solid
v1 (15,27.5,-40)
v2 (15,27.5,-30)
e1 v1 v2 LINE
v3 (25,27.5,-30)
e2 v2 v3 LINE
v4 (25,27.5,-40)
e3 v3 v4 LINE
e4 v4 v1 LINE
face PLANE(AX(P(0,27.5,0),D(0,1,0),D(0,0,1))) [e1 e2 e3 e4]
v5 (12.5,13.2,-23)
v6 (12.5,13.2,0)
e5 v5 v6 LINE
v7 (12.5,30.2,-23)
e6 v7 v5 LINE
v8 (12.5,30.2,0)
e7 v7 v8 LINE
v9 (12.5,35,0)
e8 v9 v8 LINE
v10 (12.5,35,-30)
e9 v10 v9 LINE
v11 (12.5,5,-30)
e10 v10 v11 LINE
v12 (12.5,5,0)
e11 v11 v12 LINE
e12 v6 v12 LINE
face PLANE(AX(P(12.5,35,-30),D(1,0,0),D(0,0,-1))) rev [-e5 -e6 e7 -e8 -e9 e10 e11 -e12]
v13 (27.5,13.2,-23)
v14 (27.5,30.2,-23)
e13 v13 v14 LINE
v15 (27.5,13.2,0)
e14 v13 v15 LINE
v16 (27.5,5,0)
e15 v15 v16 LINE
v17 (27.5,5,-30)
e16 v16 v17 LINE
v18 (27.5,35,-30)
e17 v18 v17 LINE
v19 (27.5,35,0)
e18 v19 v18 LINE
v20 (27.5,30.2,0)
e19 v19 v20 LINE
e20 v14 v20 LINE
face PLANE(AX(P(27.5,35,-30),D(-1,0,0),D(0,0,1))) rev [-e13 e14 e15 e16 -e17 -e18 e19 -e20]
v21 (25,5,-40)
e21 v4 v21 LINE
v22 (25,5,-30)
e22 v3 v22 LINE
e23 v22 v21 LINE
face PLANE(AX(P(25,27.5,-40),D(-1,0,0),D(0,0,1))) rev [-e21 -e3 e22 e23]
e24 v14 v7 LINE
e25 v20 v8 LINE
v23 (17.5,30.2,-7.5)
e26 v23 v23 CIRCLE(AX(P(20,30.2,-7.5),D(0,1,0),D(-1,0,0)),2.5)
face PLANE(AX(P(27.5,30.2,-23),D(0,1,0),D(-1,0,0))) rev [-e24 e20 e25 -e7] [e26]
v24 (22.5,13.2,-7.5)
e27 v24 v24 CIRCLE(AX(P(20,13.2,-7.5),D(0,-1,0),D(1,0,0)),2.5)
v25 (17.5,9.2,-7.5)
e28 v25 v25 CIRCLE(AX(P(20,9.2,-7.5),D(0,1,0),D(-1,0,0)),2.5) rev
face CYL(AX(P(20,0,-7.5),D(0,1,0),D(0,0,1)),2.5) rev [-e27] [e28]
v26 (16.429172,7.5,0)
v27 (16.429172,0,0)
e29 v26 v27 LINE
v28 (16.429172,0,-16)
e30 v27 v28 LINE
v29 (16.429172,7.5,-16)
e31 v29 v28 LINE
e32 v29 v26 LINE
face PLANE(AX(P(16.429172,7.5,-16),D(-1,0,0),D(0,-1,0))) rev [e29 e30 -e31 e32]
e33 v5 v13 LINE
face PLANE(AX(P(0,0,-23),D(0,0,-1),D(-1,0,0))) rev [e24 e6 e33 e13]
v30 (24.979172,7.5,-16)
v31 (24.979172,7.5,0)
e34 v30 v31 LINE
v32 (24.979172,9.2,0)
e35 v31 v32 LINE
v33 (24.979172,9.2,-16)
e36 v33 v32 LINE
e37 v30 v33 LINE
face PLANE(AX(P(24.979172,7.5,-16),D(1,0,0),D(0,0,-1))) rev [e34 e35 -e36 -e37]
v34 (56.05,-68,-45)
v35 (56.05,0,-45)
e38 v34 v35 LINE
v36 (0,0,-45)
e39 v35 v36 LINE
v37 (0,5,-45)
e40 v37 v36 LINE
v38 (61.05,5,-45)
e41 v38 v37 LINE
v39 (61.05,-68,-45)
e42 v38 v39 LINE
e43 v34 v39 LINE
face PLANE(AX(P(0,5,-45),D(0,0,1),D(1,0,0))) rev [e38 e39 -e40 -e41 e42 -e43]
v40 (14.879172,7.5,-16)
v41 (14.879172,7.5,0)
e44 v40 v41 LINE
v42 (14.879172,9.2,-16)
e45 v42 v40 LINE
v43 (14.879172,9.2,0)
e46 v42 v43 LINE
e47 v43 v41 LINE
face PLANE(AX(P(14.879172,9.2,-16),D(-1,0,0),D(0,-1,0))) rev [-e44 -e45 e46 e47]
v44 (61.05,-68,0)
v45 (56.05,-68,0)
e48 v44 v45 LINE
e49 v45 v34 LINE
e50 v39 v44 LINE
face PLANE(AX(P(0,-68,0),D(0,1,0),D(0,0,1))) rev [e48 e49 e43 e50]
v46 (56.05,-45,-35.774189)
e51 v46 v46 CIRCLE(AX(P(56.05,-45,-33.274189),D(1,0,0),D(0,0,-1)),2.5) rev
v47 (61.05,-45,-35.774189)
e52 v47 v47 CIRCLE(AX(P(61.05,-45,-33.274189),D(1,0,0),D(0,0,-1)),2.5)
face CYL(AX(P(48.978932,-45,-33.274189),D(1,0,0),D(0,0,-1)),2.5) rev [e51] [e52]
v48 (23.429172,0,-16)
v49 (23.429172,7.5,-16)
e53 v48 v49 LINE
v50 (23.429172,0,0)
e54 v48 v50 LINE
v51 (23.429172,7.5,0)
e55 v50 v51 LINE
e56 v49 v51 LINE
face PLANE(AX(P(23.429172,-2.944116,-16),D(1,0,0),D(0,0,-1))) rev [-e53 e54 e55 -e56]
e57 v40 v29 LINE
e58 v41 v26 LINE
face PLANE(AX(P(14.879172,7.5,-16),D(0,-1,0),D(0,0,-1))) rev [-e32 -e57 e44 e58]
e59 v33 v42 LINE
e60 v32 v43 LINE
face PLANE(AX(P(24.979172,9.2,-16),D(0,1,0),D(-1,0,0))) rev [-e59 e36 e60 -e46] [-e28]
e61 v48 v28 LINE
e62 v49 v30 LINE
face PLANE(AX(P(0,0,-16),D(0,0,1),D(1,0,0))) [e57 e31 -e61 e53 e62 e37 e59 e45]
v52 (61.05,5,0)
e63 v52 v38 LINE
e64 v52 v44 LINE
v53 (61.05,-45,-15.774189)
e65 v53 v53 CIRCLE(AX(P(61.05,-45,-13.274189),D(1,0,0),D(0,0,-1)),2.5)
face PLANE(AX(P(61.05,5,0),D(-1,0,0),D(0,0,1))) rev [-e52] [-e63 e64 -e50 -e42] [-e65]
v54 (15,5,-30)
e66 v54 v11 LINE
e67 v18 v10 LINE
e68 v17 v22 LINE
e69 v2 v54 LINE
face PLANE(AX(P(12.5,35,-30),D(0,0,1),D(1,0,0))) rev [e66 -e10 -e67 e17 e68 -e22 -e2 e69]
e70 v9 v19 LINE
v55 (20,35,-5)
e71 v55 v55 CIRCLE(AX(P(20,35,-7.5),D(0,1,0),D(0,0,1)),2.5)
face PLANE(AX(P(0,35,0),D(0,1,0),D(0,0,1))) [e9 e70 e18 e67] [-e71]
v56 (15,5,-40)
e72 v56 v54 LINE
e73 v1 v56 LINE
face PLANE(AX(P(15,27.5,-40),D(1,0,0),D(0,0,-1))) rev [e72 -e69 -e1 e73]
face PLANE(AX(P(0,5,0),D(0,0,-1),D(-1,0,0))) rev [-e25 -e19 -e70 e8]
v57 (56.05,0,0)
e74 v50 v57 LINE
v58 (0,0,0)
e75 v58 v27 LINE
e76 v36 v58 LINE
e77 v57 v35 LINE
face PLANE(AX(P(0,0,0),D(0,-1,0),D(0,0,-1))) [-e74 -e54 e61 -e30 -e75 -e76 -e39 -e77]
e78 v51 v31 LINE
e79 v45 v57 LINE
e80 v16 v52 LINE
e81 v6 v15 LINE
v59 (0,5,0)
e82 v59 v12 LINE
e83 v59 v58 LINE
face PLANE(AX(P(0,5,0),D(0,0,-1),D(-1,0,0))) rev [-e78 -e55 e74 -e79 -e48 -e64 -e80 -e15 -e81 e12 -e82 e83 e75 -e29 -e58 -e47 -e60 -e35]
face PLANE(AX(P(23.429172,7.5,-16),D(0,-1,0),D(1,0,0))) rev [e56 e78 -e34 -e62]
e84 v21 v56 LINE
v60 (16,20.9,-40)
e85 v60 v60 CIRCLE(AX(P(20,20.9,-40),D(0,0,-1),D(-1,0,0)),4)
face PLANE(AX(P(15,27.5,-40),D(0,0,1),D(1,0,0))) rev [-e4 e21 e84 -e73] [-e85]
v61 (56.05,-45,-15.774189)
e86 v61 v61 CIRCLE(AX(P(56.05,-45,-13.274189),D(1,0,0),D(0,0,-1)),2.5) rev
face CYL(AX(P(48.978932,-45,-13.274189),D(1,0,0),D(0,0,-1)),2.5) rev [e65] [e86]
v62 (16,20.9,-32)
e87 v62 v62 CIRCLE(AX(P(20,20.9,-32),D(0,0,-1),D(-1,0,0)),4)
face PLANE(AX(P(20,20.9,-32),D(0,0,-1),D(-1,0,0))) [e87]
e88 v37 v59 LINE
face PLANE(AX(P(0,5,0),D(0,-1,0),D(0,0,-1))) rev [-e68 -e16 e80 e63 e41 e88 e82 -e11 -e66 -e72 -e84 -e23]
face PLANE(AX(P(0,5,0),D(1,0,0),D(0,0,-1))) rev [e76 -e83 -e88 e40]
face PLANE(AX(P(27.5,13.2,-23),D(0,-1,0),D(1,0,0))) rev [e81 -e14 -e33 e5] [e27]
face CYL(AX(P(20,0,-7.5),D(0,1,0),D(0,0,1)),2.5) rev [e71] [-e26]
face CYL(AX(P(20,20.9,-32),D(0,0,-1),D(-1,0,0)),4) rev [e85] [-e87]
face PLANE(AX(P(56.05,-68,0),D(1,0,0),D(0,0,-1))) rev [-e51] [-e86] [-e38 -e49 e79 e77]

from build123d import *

# Parameters (mm, degrees)
SKETCH1_W           = 61.05
SKETCH1_H           = 45
BOSS_EXTRUDE2_DEPTH = 5
SKETCH2_W           = 10
SKETCH2_H           = 10
BOSS_EXTRUDE3_DEPTH = 22.5
SKETCH3_R           = 4
CUT_EXTRUDE1_DEPTH  = 8
SKETCH6_W           = 15
SKETCH6_H           = 30
BOSS_EXTRUDE4_DEPTH = 30
SKETCH7_W           = 15
SKETCH7_H           = 17
CUT_EXTRUDE3_DEPTH  = 23
SKETCH8_R           = 2.5
CUT_EXTRUDE4_DEPTH  = 84.529051832
SKETCH9_W           = 5
SKETCH9_H           = 45
BOSS_EXTRUDE5_DEPTH = 68
SKETCH10_R          = 2.5
CUT_EXTRUDE5_DEPTH  = 5
CUT_EXTRUDE6_DEPTH  = 16


with BuildPart() as part:
    # Sketch1 → Boss-Extrude2 (new body)
    with BuildSketch(Plane(origin=(0, 0, 0), x_dir=(1, 0, 0), z_dir=(0, 1, 0))):
        with Locations((30.525, 22.5)):
            Rectangle(SKETCH1_W, SKETCH1_H)
    extrude(amount=BOSS_EXTRUDE2_DEPTH)

    # Sketch2 → Boss-Extrude3 (add)
    with BuildSketch(Plane(origin=(0, 5, 0), x_dir=(1, 0, 0), z_dir=(0, 1, 0))):
        with Locations((20, 35)):
            Rectangle(SKETCH2_W, SKETCH2_H)
    extrude(amount=BOSS_EXTRUDE3_DEPTH)

    # Sketch3 → Cut-Extrude1 (cut)
    with BuildSketch(Plane(origin=(0, 0, -40), x_dir=(-1, 0, 0), z_dir=(0, 0, -1))):
        with Locations((-20, 20.9)):
            Circle(SKETCH3_R)
    extrude(amount=-CUT_EXTRUDE1_DEPTH, mode=Mode.SUBTRACT)

    # Sketch6 → Boss-Extrude4 (add)
    with BuildSketch(Plane(origin=(0, 5, 0), x_dir=(1, 0, 0), z_dir=(0, 1, 0))):
        with Locations((20, 15)):
            Rectangle(SKETCH6_W, SKETCH6_H)
    extrude(amount=BOSS_EXTRUDE4_DEPTH)

    # Sketch7 → Cut-Extrude3 (cut)
    with BuildSketch(Plane.XY):
        with Locations((20, 21.7)):
            Rectangle(SKETCH7_W, SKETCH7_H)
    extrude(amount=-CUT_EXTRUDE3_DEPTH, mode=Mode.SUBTRACT)

    # Sketch8 → Cut-Extrude4 (cut, through all)
    with BuildSketch(Plane(origin=(0, 35, 0), x_dir=(1, 0, 0), z_dir=(0, 1, 0))):
        with Locations(Location((20, 7.5, 0), (0, 0, 270))):
            Circle(SKETCH8_R)
    extrude(amount=-CUT_EXTRUDE4_DEPTH, mode=Mode.SUBTRACT)

    # Sketch9 → Boss-Extrude5 (add)
    with BuildSketch(Plane.XZ):
        with Locations((58.55, -22.5)):
            Rectangle(SKETCH9_W, SKETCH9_H)
    extrude(amount=BOSS_EXTRUDE5_DEPTH)

    # Sketch10 → Cut-Extrude5 (cut)
    with BuildSketch(Plane(origin=(61.05, 0, 0), x_dir=(0, 0, -1), z_dir=(1, 0, 0))):
        with Locations((13.274189438, -45)):
            Circle(SKETCH10_R)
        with Locations((33.274189438, -45)):
            Circle(SKETCH10_R)
    extrude(amount=-CUT_EXTRUDE5_DEPTH, mode=Mode.SUBTRACT)

    # Sketch11 → Cut-Extrude6 (cut)
    with BuildSketch(Plane.XY):
        Polygon((24.979172019, 9.2), (14.879172019, 9.2), (14.879172019, 7.5), (16.429172019, 7.5), (16.429172019, -2.944116306), (23.429172019, -2.944116306), (23.429172019, 7.5), (24.979172019, 7.5), align=None)
    extrude(amount=-CUT_EXTRUDE6_DEPTH, mode=Mode.SUBTRACT)


solid = part.part
